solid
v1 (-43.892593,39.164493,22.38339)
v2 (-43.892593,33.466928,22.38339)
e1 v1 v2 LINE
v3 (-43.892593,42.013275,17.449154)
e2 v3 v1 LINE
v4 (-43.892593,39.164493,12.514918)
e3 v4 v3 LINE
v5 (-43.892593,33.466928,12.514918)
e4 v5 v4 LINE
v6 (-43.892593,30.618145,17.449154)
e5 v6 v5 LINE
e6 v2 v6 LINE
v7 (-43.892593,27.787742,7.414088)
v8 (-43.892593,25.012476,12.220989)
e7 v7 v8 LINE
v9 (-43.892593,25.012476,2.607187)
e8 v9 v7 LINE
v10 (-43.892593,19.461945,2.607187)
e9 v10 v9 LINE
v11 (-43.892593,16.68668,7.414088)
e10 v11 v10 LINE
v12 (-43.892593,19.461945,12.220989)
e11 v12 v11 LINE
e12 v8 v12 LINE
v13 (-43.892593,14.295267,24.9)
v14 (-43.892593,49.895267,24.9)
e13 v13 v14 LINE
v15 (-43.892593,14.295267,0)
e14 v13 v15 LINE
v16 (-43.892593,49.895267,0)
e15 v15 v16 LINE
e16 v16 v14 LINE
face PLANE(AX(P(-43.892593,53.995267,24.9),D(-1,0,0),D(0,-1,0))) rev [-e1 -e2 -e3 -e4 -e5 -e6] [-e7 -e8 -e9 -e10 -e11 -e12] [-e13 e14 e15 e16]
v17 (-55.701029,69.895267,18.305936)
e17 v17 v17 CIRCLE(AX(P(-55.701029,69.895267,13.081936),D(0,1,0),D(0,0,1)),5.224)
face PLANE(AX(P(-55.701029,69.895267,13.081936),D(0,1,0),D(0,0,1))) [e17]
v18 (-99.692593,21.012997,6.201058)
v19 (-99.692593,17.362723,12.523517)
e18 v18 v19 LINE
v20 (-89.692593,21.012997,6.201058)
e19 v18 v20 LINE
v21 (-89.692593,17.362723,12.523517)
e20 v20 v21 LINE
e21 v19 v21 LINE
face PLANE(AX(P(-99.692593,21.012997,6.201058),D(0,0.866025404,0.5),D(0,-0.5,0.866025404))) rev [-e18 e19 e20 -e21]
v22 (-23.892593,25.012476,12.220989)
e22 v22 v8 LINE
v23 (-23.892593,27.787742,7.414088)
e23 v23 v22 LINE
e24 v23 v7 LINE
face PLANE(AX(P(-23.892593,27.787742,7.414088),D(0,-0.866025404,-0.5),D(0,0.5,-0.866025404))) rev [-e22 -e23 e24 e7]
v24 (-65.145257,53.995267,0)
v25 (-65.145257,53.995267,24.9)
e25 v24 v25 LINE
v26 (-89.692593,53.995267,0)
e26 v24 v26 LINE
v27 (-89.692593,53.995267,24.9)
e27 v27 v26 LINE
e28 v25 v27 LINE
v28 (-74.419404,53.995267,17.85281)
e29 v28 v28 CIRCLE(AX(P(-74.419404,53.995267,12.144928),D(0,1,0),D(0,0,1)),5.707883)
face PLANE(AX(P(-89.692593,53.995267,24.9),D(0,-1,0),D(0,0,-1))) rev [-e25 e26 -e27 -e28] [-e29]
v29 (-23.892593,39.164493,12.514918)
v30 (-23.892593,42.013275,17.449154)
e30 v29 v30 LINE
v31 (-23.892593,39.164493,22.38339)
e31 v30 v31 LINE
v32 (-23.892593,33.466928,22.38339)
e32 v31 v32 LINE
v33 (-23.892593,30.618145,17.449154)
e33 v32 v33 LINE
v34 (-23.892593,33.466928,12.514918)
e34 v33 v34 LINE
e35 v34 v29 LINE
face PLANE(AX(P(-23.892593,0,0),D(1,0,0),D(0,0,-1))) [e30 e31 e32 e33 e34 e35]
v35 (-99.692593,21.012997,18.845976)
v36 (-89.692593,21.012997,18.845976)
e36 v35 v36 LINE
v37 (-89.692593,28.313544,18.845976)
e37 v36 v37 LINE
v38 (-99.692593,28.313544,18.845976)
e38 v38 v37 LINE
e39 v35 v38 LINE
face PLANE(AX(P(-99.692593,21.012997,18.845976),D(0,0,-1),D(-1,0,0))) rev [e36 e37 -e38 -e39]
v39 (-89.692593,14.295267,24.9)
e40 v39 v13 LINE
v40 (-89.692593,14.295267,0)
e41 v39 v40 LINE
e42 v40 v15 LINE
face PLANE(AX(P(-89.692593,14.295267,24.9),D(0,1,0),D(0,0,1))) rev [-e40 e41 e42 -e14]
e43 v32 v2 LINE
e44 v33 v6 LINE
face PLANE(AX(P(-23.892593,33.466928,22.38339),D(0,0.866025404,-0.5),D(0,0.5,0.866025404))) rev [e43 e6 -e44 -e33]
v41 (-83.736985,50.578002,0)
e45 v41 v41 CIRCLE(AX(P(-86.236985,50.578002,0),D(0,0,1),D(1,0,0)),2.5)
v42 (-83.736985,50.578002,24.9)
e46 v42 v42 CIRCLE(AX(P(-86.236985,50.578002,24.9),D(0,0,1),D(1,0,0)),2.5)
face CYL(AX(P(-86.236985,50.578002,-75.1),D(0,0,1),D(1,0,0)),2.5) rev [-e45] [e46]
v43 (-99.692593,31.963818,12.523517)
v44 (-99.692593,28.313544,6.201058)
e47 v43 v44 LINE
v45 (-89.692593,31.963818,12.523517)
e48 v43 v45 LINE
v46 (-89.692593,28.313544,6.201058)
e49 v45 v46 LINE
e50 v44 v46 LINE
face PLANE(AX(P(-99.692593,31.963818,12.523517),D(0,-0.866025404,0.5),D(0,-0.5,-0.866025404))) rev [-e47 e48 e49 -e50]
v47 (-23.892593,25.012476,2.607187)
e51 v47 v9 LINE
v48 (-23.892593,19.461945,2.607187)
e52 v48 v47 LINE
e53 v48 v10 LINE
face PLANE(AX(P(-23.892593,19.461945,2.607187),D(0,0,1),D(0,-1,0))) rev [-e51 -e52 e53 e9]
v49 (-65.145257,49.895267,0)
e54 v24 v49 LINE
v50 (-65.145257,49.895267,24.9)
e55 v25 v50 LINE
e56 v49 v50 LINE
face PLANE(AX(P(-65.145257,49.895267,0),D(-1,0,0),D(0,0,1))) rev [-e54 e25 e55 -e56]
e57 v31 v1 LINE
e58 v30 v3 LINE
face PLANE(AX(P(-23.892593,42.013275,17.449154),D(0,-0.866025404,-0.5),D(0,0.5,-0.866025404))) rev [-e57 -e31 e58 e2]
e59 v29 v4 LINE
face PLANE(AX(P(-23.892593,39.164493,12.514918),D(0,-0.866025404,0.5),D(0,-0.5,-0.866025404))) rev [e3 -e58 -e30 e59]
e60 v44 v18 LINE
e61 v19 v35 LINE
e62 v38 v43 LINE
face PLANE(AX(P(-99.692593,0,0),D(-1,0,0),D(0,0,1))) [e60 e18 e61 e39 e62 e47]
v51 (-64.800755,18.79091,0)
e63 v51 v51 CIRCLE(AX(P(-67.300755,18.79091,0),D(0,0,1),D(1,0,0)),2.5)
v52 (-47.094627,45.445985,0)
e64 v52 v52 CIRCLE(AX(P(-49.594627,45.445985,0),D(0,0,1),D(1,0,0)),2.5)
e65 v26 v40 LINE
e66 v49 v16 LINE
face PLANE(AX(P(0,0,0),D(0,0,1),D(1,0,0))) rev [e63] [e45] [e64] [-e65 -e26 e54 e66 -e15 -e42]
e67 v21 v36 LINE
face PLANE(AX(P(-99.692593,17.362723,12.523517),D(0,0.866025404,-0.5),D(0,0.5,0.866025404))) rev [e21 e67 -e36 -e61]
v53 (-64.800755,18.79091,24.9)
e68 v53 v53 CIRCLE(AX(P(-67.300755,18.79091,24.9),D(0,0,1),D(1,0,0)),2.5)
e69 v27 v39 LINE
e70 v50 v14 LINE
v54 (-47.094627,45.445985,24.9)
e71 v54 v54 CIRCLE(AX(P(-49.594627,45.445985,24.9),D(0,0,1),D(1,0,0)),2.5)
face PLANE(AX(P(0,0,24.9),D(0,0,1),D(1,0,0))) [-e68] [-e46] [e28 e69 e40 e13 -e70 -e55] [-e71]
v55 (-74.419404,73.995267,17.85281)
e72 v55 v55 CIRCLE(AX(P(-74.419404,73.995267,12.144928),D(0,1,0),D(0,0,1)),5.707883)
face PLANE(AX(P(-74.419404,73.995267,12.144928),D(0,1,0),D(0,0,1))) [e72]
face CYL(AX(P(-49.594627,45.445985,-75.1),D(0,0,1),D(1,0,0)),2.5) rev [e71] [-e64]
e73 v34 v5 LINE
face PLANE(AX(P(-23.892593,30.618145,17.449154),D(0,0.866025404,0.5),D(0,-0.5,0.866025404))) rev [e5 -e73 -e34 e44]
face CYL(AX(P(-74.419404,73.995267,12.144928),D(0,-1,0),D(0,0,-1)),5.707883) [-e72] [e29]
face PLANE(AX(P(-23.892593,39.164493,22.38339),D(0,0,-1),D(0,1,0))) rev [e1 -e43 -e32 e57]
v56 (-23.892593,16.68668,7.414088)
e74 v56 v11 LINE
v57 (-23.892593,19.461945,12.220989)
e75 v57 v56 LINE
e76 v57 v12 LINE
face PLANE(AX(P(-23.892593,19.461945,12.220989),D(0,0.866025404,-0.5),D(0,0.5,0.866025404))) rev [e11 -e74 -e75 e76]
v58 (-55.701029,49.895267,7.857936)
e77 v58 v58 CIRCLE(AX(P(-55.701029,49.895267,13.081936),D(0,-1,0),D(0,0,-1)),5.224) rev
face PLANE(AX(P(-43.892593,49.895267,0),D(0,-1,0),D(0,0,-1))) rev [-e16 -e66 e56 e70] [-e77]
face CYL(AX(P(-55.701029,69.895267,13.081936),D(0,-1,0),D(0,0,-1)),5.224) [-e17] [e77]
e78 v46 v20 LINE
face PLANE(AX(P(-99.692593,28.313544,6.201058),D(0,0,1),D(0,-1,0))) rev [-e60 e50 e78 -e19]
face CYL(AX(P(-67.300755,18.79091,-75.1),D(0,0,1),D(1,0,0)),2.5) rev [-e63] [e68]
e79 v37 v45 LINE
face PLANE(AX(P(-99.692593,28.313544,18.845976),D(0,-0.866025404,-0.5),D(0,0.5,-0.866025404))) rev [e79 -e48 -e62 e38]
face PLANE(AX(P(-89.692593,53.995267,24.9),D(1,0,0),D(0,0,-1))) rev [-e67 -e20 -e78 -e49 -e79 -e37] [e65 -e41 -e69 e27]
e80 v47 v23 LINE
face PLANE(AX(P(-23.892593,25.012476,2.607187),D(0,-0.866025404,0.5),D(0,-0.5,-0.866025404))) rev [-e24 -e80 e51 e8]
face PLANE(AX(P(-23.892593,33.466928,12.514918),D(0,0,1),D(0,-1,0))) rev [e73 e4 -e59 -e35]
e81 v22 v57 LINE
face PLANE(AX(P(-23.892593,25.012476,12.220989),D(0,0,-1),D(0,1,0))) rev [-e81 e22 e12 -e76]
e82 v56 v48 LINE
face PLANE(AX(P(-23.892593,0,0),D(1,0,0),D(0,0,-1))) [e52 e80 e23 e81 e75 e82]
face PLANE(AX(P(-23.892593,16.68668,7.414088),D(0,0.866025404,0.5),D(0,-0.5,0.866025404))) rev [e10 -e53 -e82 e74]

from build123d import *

# Parameters (mm, degrees)
SKETCH1_W           = 45.8
SKETCH1_H           = 39.7
BOSS_EXTRUDE1_DEPTH = 24.9
SKETCH2_W           = 21.252664268
SKETCH2_H           = 4.1
CUT_EXTRUDE1_DEPTH  = 24.9
SKETCH3_R           = 5.707882507
BOSS_EXTRUDE2_DEPTH = 20
SKETCH4_R           = 5.223999668
BOSS_EXTRUDE3_DEPTH = 20
BOSS_EXTRUDE4_DEPTH = 10
BOSS_EXTRUDE5_DEPTH = 20
SKETCH7_R           = 2.5
CUT_EXTRUDE2_DEPTH  = 100


with BuildPart() as part:
    # Sketch1 → Boss-Extrude1 (new body)
    with BuildSketch(Plane.XY):
        with Locations((-66.792592593, 34.14526749)):
            Rectangle(SKETCH1_W, SKETCH1_H)
    extrude(amount=BOSS_EXTRUDE1_DEPTH)

    # Sketch2 → Cut-Extrude1 (cut)
    with BuildSketch(Plane.XY.offset(24.9)):
        with Locations((-54.518924727, 51.94526749)):
            Rectangle(SKETCH2_W, SKETCH2_H)
    extrude(amount=-CUT_EXTRUDE1_DEPTH, mode=Mode.SUBTRACT)

    # Sketch3 → Boss-Extrude2 (add)
    with BuildSketch(Plane(origin=(0, 53.99526749, 0), x_dir=(1, 0, 0), z_dir=(0, 1, 0))):
        with Locations((-74.419404391, -12.144927528)):
            Circle(SKETCH3_R)
    extrude(amount=BOSS_EXTRUDE2_DEPTH)

    # Sketch4 → Boss-Extrude3 (add)
    with BuildSketch(Plane(origin=(0, 49.89526749, 0), x_dir=(1, 0, 0), z_dir=(0, 1, 0))):
        with Locations((-55.701029149, -13.081935835)):
            Circle(SKETCH4_R)
    extrude(amount=BOSS_EXTRUDE3_DEPTH)

    # Sketch5 → Boss-Extrude4 (add)
    with BuildSketch(Plane.ZY.offset(89.692592593)):
        Polygon((18.845976306, 21.012997096), (18.845976306, 28.313544296), (12.523516969, 31.963817896), (6.201057632, 28.313544296), (6.201057632, 21.012997096), (12.523516969, 17.362723496), align=None)
    extrude(amount=BOSS_EXTRUDE4_DEPTH)

    # Sketch6 → Boss-Extrude5 (add)
    with BuildSketch(Plane(origin=(-43.892592593, 0, 0), x_dir=(0, 0, -1), z_dir=(1, 0, 0))):
        Polygon((-17.449153894, 30.618145188), (-12.514917778, 33.466927738), (-12.514917778, 39.164492838), (-17.449153894, 42.013275388), (-22.383390011, 39.164492838), (-22.383390011, 33.466927738), align=None)
        Polygon((-7.414087621, 16.686679556), (-2.60718663, 19.461945137), (-2.60718663, 25.012476299), (-7.414087621, 27.78774188), (-12.220988612, 25.012476299), (-12.220988612, 19.461945137), align=None)
    extrude(amount=BOSS_EXTRUDE5_DEPTH)

    # Sketch7 → Cut-Extrude2 (cut)
    with BuildSketch(Plane.XY.offset(24.9)):
        with Locations((-67.30075544, 18.790910281)):
            Circle(SKETCH7_R)
        with Locations((-86.236984796, 50.57800228)):
            Circle(SKETCH7_R)
        with Locations((-49.59462681, 45.445985012)):
            Circle(SKETCH7_R)
    extrude(amount=-CUT_EXTRUDE2_DEPTH, mode=Mode.SUBTRACT)


solid = part.part
